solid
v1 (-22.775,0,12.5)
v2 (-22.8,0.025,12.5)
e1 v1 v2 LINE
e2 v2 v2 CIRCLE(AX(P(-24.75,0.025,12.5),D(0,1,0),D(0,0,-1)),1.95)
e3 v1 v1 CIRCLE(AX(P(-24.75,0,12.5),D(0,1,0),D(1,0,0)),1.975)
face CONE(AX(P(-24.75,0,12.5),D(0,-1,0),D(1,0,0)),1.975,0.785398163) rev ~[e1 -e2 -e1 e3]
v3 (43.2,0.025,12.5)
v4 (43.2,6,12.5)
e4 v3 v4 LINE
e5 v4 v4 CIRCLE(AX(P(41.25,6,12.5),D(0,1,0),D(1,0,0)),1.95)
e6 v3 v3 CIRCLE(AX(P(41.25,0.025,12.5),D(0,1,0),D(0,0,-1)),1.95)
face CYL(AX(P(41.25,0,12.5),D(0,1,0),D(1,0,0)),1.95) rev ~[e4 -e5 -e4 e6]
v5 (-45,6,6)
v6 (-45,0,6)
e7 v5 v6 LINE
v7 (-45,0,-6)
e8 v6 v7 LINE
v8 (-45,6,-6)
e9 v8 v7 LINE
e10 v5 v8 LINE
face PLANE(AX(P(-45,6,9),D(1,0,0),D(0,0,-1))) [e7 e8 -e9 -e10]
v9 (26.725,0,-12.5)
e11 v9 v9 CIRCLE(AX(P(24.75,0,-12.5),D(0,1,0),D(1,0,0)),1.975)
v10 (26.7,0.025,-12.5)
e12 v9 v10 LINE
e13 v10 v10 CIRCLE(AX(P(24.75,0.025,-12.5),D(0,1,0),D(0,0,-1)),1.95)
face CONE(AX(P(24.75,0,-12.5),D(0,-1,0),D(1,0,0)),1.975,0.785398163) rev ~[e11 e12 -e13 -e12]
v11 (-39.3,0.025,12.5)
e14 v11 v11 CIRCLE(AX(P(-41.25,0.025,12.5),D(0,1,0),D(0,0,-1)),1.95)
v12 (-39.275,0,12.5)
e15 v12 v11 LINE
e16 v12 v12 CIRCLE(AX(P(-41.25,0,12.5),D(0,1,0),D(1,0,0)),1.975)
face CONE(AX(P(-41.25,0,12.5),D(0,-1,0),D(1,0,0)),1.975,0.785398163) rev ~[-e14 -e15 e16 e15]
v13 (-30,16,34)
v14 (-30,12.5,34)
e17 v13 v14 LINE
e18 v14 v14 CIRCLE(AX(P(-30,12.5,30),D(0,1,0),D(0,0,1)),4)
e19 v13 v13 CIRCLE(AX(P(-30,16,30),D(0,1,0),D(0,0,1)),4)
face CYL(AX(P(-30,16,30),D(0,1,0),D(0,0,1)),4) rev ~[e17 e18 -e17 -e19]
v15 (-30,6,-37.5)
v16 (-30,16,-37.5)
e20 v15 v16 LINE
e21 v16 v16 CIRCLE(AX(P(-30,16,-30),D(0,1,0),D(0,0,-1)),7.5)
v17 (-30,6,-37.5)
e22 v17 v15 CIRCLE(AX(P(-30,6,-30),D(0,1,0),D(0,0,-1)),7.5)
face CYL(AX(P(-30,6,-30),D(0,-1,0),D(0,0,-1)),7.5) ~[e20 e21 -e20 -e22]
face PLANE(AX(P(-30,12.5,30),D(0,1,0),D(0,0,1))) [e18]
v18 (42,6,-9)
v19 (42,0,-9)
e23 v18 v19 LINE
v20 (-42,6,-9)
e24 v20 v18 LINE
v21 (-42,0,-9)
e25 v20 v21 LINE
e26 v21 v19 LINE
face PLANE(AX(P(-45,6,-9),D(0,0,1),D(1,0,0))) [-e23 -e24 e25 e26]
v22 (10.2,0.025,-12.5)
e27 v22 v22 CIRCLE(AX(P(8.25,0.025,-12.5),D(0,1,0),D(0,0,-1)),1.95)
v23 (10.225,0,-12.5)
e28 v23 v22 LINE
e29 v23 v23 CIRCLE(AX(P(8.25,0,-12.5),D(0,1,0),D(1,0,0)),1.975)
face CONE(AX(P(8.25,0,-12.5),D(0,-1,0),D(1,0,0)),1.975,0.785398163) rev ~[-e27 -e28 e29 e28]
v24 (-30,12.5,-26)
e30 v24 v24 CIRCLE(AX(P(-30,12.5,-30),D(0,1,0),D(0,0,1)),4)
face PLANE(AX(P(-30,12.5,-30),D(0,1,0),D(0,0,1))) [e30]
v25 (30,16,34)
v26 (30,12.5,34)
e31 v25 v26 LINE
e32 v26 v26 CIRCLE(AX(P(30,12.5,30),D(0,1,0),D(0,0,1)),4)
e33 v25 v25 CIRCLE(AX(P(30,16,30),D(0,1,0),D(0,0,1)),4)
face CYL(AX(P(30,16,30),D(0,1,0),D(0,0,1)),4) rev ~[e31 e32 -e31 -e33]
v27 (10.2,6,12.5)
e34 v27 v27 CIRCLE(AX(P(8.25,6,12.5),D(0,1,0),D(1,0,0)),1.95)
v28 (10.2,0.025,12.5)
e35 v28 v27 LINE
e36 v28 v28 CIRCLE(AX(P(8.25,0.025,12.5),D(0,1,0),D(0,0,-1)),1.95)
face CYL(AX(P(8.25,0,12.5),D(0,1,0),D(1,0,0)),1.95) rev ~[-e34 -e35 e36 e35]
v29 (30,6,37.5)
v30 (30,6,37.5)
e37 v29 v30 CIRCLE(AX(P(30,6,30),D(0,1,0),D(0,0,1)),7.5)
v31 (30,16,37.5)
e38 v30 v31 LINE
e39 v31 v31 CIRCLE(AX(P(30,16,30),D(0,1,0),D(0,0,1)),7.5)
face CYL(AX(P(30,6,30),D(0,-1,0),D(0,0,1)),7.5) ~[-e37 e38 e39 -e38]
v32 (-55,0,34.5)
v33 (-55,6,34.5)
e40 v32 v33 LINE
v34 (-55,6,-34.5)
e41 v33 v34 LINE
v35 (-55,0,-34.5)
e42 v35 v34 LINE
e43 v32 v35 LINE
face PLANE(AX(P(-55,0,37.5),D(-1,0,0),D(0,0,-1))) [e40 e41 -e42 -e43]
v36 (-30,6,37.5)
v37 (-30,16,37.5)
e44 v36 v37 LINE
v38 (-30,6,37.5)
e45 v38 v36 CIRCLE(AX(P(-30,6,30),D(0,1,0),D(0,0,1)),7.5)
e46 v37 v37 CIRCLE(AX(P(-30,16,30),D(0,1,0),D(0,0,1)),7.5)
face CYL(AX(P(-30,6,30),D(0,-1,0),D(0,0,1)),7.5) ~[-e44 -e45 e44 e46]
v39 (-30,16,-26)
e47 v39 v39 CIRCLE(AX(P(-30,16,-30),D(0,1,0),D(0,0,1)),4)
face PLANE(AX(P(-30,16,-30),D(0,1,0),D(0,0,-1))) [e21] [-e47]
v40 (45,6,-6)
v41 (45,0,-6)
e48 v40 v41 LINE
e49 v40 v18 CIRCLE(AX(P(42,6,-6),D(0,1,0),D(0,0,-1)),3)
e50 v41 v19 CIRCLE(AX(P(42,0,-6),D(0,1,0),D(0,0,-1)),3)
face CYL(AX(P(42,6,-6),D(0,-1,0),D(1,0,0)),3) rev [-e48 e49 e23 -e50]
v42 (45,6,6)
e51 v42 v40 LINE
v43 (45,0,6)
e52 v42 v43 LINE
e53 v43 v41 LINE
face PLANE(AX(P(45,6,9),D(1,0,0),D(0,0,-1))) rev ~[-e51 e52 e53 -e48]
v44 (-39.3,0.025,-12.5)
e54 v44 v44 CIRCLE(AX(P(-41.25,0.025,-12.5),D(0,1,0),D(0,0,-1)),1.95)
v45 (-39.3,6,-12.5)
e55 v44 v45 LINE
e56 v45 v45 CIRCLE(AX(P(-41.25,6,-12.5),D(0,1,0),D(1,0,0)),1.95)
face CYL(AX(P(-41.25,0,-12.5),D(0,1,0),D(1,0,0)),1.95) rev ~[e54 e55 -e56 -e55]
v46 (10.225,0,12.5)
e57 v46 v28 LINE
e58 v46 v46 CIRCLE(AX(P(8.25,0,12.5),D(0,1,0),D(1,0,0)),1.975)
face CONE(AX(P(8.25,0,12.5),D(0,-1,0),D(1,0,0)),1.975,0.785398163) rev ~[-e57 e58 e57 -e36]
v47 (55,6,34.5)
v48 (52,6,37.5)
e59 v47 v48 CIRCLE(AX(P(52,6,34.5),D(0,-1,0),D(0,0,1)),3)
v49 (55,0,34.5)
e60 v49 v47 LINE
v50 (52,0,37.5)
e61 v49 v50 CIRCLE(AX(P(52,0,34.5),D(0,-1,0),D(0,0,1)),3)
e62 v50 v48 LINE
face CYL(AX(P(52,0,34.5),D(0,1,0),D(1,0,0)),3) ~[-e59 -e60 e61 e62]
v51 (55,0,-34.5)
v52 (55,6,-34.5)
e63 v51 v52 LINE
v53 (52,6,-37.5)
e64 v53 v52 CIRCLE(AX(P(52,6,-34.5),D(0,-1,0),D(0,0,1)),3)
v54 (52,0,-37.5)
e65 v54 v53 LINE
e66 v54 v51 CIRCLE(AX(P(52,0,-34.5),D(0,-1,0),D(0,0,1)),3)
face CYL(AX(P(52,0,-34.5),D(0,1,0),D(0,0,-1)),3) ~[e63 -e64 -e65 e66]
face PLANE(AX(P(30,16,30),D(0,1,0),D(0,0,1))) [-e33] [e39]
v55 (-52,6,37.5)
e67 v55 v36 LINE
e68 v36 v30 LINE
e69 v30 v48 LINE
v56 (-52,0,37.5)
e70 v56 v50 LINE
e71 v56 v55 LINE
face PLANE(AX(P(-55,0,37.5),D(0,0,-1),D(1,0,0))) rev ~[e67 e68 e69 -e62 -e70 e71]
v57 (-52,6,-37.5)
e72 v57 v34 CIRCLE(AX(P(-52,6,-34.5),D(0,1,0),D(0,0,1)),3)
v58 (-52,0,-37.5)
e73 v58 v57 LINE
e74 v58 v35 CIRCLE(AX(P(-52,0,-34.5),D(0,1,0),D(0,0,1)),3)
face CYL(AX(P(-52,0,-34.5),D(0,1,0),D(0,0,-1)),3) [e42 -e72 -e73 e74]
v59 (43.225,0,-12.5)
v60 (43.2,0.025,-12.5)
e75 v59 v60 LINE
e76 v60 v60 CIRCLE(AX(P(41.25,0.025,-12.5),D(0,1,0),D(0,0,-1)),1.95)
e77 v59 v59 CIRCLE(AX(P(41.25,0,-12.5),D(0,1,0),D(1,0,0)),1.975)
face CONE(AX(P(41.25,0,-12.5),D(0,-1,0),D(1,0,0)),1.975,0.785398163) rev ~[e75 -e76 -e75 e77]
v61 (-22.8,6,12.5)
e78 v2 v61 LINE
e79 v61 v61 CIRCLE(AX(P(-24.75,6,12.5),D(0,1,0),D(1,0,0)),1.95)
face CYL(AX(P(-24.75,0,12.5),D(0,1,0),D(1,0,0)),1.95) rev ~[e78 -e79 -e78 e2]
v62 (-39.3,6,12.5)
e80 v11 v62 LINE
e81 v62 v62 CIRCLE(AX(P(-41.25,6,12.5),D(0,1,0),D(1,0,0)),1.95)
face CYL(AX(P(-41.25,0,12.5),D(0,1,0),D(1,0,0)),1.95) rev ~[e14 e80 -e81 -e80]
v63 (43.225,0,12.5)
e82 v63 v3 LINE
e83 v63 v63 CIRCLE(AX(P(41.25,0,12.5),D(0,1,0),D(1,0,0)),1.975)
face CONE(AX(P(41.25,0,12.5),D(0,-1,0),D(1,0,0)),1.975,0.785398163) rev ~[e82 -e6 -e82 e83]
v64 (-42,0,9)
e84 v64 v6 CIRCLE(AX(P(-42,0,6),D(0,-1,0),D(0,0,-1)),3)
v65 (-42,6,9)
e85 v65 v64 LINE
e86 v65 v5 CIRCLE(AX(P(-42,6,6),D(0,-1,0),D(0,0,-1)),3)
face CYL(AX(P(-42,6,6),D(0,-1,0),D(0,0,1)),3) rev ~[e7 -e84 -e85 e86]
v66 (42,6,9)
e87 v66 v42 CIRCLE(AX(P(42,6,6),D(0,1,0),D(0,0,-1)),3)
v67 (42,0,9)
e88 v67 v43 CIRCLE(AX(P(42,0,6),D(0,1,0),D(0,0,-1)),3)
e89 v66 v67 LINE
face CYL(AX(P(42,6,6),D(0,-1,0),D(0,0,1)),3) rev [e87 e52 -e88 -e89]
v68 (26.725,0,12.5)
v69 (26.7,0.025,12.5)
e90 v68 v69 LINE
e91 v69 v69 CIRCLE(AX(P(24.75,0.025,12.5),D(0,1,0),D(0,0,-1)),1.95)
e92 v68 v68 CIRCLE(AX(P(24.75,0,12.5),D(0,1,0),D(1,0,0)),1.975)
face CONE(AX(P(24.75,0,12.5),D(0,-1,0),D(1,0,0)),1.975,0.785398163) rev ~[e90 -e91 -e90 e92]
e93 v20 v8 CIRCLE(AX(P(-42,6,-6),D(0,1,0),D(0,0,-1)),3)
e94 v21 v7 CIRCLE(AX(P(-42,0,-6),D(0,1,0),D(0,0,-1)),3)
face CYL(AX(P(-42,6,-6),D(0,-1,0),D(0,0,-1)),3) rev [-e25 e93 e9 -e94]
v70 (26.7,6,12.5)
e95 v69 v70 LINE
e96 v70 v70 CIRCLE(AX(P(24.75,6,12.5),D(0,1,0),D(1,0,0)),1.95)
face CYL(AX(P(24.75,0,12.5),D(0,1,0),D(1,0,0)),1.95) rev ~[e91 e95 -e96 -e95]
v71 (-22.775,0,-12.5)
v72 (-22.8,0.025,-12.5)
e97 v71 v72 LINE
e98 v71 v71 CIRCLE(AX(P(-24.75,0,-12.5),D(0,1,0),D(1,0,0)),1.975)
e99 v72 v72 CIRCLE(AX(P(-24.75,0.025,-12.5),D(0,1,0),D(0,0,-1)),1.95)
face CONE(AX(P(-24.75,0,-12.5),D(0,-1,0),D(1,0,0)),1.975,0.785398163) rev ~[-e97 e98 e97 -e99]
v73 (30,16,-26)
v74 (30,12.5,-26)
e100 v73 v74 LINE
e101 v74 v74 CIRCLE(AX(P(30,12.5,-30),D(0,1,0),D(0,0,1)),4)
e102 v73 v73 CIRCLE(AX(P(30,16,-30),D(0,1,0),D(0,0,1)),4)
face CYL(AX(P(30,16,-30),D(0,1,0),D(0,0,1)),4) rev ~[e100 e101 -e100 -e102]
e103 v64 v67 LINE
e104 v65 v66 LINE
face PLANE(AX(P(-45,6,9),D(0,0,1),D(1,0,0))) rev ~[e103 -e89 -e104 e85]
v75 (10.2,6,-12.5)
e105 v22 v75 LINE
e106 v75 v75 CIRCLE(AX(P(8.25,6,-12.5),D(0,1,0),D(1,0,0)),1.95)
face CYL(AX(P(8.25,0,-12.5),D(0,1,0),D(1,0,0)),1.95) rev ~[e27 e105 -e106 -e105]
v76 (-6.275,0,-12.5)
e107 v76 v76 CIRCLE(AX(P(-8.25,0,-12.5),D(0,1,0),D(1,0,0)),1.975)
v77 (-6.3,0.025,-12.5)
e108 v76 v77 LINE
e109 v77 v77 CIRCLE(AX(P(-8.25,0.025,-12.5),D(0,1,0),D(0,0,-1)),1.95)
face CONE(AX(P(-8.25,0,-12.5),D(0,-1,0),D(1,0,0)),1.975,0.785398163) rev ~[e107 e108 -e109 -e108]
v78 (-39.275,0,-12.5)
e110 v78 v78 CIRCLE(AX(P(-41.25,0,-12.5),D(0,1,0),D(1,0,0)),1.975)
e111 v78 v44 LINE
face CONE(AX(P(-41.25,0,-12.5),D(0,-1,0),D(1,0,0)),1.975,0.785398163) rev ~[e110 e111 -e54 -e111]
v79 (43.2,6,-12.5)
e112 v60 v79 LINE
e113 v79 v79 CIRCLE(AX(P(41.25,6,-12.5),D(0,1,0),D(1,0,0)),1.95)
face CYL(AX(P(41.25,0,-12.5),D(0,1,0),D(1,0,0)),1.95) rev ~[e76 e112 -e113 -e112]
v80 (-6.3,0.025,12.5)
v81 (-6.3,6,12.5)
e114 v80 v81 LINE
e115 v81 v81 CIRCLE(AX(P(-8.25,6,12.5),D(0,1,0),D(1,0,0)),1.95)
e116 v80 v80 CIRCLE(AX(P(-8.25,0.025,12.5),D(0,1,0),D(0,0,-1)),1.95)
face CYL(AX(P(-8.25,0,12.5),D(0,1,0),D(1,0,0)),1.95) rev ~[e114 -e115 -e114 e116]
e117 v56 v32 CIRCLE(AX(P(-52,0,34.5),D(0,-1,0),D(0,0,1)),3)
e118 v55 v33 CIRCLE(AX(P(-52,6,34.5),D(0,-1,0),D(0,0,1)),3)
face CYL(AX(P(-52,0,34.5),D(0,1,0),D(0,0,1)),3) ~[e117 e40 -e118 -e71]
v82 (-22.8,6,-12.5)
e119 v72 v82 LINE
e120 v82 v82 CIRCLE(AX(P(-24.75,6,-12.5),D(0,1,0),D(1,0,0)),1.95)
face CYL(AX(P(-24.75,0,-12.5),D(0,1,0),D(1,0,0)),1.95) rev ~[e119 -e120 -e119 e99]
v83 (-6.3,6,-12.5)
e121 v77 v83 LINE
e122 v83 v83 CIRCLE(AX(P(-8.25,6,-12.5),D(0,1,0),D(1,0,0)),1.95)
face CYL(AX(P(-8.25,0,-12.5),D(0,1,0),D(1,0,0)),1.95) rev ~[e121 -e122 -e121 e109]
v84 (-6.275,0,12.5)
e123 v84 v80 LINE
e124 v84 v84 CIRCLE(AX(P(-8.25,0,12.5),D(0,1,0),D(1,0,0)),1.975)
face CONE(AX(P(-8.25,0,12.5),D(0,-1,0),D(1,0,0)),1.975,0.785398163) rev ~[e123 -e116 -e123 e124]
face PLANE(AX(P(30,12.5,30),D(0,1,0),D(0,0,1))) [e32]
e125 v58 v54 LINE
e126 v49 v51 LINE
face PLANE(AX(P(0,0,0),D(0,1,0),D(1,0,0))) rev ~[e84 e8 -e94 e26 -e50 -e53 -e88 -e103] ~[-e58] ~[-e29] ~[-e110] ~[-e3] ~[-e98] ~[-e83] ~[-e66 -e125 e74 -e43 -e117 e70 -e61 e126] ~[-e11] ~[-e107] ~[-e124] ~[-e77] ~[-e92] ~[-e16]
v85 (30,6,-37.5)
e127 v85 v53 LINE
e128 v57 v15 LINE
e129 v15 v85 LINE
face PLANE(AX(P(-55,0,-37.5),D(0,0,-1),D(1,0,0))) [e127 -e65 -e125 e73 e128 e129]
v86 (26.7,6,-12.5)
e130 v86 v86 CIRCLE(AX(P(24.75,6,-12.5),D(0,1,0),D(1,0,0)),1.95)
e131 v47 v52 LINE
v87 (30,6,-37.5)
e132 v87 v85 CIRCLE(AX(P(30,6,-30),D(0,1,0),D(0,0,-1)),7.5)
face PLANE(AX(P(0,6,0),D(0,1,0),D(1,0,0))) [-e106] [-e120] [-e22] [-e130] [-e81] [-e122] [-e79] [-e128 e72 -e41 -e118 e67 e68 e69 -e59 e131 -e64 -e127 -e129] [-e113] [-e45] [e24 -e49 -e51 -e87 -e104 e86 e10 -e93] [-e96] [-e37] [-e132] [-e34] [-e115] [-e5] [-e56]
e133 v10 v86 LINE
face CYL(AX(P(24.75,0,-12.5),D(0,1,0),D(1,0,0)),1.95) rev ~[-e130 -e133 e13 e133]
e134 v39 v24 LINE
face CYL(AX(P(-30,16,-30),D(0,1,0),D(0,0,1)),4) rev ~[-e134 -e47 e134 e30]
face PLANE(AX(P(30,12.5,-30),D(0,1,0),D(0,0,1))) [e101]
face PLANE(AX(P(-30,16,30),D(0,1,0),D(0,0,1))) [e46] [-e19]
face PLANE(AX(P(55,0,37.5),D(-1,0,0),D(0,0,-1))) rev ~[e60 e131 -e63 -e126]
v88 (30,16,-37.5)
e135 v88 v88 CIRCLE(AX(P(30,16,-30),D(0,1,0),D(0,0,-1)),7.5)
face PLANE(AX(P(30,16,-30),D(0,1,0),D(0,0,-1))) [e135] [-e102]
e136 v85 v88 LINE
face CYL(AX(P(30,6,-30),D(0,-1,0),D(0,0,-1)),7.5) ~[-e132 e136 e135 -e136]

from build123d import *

# Parameters (mm, degrees)
SKETCH1_W                            = 110
SKETCH1_H                            = 75
BOSS_EXTRUDE1_DEPTH                  = 6
SKETCH2_W                            = 90
SKETCH2_H                            = 18
CUT_EXTRUDE1_DEPTH                   = 10
FILLET1_R                            = 3
F_3_9_3_9_DIAMETER_HOLE1_D           = 3.9
F_3_9_3_9_DIAMETER_HOLE1_DEPTH       = 15
F_3_9_3_9_DIAMETER_HOLE1_CSINK_D     = 3.95
F_3_9_3_9_DIAMETER_HOLE1_CSINK_ANGLE = 90
F_3_9_3_9_DIAMETER_HOLE1_TIP         = 1.171678207
FILLET2_R                            = 3
SKETCH6_R                            = 7.5
BOSS_EXTRUDE3_DEPTH                  = 10
SKETCH7_R                            = 4
CUT_EXTRUDE2_DEPTH                   = 3.5


with BuildPart() as part:
    # Sketch1 → Boss-Extrude1 (new body)
    with BuildSketch(Plane(origin=(0, 0, 0), x_dir=(1, 0, 0), z_dir=(0, 1, 0))):
        Rectangle(SKETCH1_W, SKETCH1_H)
    extrude(amount=BOSS_EXTRUDE1_DEPTH)

    # Sketch2 → Cut-Extrude1 (cut)
    with BuildSketch(Plane(origin=(0, 6, 0), x_dir=(1, 0, 0), z_dir=(0, 1, 0))):
        Rectangle(SKETCH2_W, SKETCH2_H)
    extrude(amount=-CUT_EXTRUDE1_DEPTH, mode=Mode.SUBTRACT)

    # Fillet1
    fillet1_edges = [part.edges().sort_by_distance(p)[0] for p in [
        (45, 3, -9),
        (45, 3, 9),
        (-45, 3, 9),
        (-45, 3, -9),
    ]]
    fillet(fillet1_edges, radius=FILLET1_R)

    # Ø3.9 (3.9) Diameter Hole1
    with Locations(Plane(origin=(0, 0, 0), x_dir=(-1, 0, 0), z_dir=(0, -1, 0))):
        with Locations((0, 0), (8.25, -12.5), (-8.25, 12.5), (-8.25, -12.5), (8.25, 12.5), (24.75, -12.5), (41.25, -12.5), (24.75, 12.5), (41.25, 12.5), (-24.75, 12.5), (-41.25, 12.5), (-24.75, -12.5), (-41.25, -12.5)):
            CounterSinkHole(F_3_9_3_9_DIAMETER_HOLE1_D / 2, F_3_9_3_9_DIAMETER_HOLE1_CSINK_D / 2, depth=F_3_9_3_9_DIAMETER_HOLE1_DEPTH, counter_sink_angle=F_3_9_3_9_DIAMETER_HOLE1_CSINK_ANGLE)
            with Locations((0, 0, -(F_3_9_3_9_DIAMETER_HOLE1_DEPTH + F_3_9_3_9_DIAMETER_HOLE1_TIP / 2))):  # 118° drill point
                Cone(0, F_3_9_3_9_DIAMETER_HOLE1_D / 2, F_3_9_3_9_DIAMETER_HOLE1_TIP, mode=Mode.SUBTRACT)

    # Fillet2
    fillet2_edges = [part.edges().sort_by_distance(p)[0] for p in [
        (55, 3, 37.5),
        (-55, 3, 37.5),
        (-55, 3, -37.5),
        (55, 3, -37.5),
    ]]
    fillet(fillet2_edges, radius=FILLET2_R)

    # Sketch6 → Boss-Extrude3 (add)
    with BuildSketch(Plane(origin=(0, 6, 0), x_dir=(1, 0, 0), z_dir=(0, 1, 0))):
        with Locations(Location((-30, -30, 0), (0, 0, 270))):
            Circle(SKETCH6_R)
        with Locations(Location((30, -30, 0), (0, 0, 270))):
            Circle(SKETCH6_R)
        with Locations(Location((30, 30, 0), (0, 0, 90))):
            Circle(SKETCH6_R)
        with Locations(Location((-30, 30, 0), (0, 0, 90))):
            Circle(SKETCH6_R)
    extrude(amount=BOSS_EXTRUDE3_DEPTH)

    # Sketch7 → Cut-Extrude2 (cut)
    with BuildSketch(Plane(origin=(0, 16, 0), x_dir=(1, 0, 0), z_dir=(0, 1, 0))):
        with Locations(Location((-30, 30, 0), (0, 0, 270))):
            Circle(SKETCH7_R)
        with Locations(Location((30, 30, 0), (0, 0, 270))):
            Circle(SKETCH7_R)
        with Locations(Location((30, -30, 0), (0, 0, 270))):
            Circle(SKETCH7_R)
        with Locations(Location((-30, -30, 0), (0, 0, 270))):
            Circle(SKETCH7_R)
    extrude(amount=-CUT_EXTRUDE2_DEPTH, mode=Mode.SUBTRACT)


solid = part.part
